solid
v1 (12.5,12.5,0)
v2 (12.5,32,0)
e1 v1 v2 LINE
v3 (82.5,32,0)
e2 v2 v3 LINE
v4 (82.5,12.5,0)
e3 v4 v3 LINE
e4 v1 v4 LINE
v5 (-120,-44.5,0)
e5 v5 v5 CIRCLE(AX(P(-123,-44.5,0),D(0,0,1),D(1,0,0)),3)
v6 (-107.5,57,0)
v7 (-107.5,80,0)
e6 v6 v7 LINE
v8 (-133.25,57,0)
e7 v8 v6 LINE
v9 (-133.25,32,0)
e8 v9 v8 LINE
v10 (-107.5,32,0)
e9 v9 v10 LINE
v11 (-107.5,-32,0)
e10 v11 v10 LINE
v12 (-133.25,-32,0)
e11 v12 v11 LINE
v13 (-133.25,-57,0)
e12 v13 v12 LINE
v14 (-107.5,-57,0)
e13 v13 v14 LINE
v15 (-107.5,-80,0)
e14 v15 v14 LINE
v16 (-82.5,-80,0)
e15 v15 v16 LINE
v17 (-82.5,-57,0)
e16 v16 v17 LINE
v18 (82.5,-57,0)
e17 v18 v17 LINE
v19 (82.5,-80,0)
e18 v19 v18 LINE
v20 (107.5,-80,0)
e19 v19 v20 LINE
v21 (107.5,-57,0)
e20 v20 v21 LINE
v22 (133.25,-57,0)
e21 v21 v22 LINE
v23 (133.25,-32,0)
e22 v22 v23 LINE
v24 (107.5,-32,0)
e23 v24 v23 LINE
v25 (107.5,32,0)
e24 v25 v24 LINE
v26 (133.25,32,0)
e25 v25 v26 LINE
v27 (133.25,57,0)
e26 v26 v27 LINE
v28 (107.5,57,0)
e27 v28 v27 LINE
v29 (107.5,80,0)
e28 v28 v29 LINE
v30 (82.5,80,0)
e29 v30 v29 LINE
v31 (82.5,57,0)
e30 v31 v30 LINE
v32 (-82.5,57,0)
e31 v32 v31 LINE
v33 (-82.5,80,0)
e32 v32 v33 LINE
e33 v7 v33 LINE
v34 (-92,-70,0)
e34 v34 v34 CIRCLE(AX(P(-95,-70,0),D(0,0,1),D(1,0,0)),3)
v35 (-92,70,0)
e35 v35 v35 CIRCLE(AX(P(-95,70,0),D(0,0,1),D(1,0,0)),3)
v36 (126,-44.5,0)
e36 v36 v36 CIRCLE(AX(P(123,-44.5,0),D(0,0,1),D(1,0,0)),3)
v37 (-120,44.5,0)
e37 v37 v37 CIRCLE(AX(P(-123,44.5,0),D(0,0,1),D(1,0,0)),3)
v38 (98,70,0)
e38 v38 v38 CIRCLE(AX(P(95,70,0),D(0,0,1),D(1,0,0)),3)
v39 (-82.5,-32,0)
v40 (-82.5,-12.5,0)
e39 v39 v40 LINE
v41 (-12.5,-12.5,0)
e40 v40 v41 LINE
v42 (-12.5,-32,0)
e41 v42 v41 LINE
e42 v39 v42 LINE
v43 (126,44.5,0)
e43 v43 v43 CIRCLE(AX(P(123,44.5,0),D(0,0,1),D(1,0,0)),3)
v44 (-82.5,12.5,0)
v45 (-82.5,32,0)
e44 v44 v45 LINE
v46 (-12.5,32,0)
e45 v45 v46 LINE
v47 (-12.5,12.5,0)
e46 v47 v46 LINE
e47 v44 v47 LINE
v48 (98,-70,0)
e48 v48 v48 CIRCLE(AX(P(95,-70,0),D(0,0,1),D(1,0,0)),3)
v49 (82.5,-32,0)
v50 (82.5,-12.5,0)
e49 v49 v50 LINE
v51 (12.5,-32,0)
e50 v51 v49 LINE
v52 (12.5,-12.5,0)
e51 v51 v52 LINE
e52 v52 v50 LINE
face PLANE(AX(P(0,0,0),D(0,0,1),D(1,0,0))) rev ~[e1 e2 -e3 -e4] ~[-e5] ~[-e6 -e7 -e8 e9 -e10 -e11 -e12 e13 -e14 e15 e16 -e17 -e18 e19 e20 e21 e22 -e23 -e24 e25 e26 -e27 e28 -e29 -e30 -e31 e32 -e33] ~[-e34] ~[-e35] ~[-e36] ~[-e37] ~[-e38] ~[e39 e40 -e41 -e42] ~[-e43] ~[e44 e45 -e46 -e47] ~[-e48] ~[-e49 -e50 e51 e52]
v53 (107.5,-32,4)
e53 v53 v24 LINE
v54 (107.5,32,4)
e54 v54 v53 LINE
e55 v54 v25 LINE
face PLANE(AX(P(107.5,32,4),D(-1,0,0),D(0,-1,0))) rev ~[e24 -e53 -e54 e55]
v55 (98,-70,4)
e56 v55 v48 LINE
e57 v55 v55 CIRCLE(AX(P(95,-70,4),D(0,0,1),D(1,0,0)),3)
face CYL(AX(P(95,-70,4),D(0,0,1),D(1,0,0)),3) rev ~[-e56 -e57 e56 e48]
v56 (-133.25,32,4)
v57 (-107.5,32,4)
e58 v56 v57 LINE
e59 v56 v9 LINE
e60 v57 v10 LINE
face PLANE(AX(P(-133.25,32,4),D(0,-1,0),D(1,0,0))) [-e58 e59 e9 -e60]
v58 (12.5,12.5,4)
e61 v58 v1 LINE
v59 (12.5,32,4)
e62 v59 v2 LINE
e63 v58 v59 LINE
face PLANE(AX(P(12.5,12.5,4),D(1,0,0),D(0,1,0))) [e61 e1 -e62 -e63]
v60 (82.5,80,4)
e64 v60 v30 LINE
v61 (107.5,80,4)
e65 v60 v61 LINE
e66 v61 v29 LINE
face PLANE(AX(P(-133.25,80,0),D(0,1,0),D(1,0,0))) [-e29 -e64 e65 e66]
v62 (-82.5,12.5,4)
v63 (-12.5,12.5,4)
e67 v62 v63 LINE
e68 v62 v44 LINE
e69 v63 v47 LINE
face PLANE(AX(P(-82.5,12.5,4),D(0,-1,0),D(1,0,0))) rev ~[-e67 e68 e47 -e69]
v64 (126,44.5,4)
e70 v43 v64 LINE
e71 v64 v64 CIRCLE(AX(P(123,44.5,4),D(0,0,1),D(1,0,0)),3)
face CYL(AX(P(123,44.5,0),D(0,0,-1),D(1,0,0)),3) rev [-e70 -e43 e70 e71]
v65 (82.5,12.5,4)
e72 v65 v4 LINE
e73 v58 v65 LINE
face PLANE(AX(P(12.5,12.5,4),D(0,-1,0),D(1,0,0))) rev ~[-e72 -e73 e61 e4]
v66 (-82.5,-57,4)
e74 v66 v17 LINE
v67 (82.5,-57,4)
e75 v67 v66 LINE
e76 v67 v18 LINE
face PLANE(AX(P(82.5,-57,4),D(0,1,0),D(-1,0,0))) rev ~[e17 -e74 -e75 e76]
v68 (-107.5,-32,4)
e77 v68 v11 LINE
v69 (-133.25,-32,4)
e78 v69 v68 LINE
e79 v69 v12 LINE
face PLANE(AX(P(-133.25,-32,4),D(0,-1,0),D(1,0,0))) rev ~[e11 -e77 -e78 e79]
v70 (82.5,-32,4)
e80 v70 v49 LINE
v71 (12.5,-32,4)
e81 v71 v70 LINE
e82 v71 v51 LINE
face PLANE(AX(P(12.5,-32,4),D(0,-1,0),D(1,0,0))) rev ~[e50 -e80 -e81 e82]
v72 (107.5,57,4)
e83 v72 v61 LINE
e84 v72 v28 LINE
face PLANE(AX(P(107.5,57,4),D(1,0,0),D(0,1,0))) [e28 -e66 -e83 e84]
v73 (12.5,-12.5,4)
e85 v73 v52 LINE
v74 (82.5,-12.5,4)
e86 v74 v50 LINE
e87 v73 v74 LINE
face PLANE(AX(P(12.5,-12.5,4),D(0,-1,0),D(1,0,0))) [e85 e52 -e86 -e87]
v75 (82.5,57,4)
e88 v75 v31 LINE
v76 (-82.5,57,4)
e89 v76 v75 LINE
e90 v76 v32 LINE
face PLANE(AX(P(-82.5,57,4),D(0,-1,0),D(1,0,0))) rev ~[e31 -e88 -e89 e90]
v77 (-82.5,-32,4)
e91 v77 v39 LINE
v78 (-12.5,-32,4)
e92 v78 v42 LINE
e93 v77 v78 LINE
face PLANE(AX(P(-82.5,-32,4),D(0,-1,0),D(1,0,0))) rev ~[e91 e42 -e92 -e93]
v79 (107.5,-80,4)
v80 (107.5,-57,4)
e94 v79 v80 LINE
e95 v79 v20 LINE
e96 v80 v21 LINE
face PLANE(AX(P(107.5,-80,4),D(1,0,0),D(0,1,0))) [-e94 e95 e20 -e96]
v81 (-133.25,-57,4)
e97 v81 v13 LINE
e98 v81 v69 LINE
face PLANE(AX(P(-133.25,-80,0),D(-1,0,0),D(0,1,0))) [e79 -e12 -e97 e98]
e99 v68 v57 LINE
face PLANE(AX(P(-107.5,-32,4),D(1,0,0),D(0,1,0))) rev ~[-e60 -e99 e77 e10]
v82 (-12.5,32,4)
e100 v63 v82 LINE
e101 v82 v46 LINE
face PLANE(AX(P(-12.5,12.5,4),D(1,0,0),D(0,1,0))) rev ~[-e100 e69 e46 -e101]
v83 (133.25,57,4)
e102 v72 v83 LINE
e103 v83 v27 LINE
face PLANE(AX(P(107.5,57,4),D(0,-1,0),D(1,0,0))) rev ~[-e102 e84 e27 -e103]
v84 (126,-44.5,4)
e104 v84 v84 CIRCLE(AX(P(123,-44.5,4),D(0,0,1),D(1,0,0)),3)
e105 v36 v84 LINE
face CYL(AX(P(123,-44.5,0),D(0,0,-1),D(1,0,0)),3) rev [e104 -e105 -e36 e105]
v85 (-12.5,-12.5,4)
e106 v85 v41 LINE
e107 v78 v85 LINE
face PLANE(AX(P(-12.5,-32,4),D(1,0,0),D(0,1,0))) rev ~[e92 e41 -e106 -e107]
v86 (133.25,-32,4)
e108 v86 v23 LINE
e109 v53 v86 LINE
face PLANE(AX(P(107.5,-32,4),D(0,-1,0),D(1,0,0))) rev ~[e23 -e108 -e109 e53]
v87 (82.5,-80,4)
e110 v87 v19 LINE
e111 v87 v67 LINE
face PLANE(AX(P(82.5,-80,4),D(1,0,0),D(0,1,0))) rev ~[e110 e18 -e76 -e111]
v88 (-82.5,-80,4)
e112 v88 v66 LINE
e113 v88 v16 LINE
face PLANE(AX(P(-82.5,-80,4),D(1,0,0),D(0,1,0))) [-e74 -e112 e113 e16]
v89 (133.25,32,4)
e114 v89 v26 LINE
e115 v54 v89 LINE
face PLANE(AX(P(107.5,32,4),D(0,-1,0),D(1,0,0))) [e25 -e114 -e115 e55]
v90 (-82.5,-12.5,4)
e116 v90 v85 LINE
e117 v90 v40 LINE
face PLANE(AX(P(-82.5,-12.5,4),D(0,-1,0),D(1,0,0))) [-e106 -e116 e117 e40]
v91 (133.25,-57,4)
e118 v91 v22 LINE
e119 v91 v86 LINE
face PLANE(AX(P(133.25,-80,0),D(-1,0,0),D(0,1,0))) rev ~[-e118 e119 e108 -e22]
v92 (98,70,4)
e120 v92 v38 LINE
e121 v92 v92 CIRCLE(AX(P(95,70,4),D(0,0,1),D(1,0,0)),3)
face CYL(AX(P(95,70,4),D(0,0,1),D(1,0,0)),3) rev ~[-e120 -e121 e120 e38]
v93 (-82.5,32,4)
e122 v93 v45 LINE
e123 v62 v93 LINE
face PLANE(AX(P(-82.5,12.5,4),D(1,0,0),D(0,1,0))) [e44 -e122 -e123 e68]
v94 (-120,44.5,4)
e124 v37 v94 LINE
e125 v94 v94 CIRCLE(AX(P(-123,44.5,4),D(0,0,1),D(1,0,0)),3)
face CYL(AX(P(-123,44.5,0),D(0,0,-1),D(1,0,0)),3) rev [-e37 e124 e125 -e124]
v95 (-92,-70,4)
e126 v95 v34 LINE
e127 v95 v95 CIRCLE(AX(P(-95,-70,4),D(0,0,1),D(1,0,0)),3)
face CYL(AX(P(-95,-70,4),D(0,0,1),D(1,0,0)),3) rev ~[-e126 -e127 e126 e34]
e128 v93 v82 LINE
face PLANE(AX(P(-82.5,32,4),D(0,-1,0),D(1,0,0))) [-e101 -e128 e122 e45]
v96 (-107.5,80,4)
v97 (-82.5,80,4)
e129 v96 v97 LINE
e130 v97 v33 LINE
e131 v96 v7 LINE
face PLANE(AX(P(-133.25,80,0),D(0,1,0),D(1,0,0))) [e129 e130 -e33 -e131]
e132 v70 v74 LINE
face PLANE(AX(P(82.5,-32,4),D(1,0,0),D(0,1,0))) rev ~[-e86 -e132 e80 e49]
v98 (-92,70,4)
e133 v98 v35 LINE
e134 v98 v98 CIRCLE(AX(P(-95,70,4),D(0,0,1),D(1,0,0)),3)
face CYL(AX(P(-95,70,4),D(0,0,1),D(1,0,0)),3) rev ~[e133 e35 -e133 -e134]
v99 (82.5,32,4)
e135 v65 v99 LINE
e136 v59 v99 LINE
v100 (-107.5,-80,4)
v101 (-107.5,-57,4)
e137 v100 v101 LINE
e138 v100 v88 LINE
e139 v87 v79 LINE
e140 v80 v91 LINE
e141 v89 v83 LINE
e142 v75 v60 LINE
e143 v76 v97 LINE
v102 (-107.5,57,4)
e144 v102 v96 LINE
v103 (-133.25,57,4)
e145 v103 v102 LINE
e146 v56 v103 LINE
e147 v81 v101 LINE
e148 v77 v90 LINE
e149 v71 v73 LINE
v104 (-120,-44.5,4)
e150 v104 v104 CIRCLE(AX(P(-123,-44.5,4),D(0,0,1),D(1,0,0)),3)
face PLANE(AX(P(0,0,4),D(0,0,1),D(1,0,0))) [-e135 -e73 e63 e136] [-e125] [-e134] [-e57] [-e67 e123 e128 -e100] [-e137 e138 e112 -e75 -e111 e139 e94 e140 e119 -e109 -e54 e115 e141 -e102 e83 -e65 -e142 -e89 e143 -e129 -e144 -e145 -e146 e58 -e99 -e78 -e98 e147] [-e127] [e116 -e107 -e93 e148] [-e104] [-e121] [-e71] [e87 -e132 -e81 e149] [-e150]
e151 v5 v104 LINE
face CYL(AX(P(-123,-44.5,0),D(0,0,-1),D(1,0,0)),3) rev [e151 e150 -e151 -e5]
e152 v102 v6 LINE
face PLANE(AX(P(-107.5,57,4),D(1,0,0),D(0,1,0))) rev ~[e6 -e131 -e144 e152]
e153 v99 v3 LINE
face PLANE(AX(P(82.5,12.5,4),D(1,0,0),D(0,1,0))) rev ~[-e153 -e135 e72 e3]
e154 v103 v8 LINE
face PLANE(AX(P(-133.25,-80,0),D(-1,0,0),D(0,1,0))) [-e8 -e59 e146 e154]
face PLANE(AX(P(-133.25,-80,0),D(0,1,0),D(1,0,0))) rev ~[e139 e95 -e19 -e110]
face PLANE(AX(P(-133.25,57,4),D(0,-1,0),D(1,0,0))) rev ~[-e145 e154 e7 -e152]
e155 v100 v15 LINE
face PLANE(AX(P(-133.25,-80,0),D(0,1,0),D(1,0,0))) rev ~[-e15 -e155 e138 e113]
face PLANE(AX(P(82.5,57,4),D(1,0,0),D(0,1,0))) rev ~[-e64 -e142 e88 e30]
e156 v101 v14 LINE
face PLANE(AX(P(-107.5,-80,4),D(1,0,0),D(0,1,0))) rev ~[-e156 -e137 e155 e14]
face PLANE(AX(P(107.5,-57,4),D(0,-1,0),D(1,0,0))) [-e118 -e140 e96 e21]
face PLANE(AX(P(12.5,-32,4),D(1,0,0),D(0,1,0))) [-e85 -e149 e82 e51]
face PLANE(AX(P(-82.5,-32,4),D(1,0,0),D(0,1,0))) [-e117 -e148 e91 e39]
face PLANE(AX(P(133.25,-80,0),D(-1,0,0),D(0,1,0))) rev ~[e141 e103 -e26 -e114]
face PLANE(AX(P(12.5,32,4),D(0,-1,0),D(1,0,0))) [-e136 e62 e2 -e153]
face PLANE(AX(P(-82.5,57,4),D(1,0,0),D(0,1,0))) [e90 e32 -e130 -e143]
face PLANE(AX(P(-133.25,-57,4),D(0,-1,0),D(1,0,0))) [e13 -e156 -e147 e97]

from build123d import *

# Parameters (mm, degrees)
F0_W     = 266.5
F0_H     = 160
F0_R     = 3
F1_DEPTH = 4
F2_R     = 3
F3_DEPTH = 4.001
F4_W     = 25.75
F4_H     = 23
F4_W_2   = 82.5
F4_H_2   = 32
F5_DEPTH = 4.001
F6_W     = 70
F6_H     = 19.5
F7_DEPTH = 4.001


with BuildPart() as f1:
    # F0 (on Top) → F1 (new body)
    with BuildSketch(Plane.XY):
        Rectangle(F0_W, F0_H)
        with Locations((-123, -44.5)):
            Circle(F0_R, mode=Mode.SUBTRACT)
        with Locations((123, -44.5)):
            Circle(F0_R, mode=Mode.SUBTRACT)
        with Locations((-123, 44.5)):
            Circle(F0_R, mode=Mode.SUBTRACT)
        with Locations((123, 44.5)):
            Circle(F0_R, mode=Mode.SUBTRACT)
    extrude(amount=F1_DEPTH)

    # F2 (on face) → F3 (cut, through all)
    with BuildSketch(Plane.XY.offset(4)):
        with Locations((-95, 70)):
            Circle(F2_R)
        with Locations((-95, -70)):
            Circle(F2_R)
        with Locations((95, 70)):
            Circle(F2_R)
        with Locations((95, -70)):
            Circle(F2_R)
    extrude(amount=-F3_DEPTH, mode=Mode.SUBTRACT)

    # F4 (on face) → F5 (cut, through all)
    with BuildSketch(Plane.XY.offset(4)):
        with Locations((-120.375, 68.5)):
            Rectangle(F4_W, F4_H)
        with Locations((-41.25, 68.5)):
            Rectangle(F4_W_2, F4_H)
        with Locations((41.25, 68.5)):
            Rectangle(F4_W_2, F4_H)
        with Locations((-120.375, 16)):
            Rectangle(F4_W, F4_H_2)
        with Locations((-120.375, -16)):
            Rectangle(F4_W, F4_H_2)
        with Locations((120.375, 68.5)):
            Rectangle(F4_W, F4_H)
        with Locations((120.375, 16)):
            Rectangle(F4_W, F4_H_2)
        with Locations((120.375, -16)):
            Rectangle(F4_W, F4_H_2)
        with Locations((-41.25, -68.5)):
            Rectangle(F4_W_2, F4_H)
        with Locations((41.25, -68.5)):
            Rectangle(F4_W_2, F4_H)
        with Locations((-120.375, -68.5)):
            Rectangle(F4_W, F4_H)
        with Locations((120.375, -68.5)):
            Rectangle(F4_W, F4_H)
    extrude(amount=-F5_DEPTH, mode=Mode.SUBTRACT)

    # F6 (on face) → F7 (cut, through all)
    with BuildSketch(Plane.XY.offset(4)):
        with Locations((-47.5, 22.25)):
            Rectangle(F6_W, F6_H)
        with Locations((47.5, 22.25)):
            Rectangle(F6_W, F6_H)
        with Locations((47.5, -22.25)):
            Rectangle(F6_W, F6_H)
        with Locations((-47.5, -22.25)):
            Rectangle(F6_W, F6_H)
    extrude(amount=-F7_DEPTH, mode=Mode.SUBTRACT)


solid = f1.part
